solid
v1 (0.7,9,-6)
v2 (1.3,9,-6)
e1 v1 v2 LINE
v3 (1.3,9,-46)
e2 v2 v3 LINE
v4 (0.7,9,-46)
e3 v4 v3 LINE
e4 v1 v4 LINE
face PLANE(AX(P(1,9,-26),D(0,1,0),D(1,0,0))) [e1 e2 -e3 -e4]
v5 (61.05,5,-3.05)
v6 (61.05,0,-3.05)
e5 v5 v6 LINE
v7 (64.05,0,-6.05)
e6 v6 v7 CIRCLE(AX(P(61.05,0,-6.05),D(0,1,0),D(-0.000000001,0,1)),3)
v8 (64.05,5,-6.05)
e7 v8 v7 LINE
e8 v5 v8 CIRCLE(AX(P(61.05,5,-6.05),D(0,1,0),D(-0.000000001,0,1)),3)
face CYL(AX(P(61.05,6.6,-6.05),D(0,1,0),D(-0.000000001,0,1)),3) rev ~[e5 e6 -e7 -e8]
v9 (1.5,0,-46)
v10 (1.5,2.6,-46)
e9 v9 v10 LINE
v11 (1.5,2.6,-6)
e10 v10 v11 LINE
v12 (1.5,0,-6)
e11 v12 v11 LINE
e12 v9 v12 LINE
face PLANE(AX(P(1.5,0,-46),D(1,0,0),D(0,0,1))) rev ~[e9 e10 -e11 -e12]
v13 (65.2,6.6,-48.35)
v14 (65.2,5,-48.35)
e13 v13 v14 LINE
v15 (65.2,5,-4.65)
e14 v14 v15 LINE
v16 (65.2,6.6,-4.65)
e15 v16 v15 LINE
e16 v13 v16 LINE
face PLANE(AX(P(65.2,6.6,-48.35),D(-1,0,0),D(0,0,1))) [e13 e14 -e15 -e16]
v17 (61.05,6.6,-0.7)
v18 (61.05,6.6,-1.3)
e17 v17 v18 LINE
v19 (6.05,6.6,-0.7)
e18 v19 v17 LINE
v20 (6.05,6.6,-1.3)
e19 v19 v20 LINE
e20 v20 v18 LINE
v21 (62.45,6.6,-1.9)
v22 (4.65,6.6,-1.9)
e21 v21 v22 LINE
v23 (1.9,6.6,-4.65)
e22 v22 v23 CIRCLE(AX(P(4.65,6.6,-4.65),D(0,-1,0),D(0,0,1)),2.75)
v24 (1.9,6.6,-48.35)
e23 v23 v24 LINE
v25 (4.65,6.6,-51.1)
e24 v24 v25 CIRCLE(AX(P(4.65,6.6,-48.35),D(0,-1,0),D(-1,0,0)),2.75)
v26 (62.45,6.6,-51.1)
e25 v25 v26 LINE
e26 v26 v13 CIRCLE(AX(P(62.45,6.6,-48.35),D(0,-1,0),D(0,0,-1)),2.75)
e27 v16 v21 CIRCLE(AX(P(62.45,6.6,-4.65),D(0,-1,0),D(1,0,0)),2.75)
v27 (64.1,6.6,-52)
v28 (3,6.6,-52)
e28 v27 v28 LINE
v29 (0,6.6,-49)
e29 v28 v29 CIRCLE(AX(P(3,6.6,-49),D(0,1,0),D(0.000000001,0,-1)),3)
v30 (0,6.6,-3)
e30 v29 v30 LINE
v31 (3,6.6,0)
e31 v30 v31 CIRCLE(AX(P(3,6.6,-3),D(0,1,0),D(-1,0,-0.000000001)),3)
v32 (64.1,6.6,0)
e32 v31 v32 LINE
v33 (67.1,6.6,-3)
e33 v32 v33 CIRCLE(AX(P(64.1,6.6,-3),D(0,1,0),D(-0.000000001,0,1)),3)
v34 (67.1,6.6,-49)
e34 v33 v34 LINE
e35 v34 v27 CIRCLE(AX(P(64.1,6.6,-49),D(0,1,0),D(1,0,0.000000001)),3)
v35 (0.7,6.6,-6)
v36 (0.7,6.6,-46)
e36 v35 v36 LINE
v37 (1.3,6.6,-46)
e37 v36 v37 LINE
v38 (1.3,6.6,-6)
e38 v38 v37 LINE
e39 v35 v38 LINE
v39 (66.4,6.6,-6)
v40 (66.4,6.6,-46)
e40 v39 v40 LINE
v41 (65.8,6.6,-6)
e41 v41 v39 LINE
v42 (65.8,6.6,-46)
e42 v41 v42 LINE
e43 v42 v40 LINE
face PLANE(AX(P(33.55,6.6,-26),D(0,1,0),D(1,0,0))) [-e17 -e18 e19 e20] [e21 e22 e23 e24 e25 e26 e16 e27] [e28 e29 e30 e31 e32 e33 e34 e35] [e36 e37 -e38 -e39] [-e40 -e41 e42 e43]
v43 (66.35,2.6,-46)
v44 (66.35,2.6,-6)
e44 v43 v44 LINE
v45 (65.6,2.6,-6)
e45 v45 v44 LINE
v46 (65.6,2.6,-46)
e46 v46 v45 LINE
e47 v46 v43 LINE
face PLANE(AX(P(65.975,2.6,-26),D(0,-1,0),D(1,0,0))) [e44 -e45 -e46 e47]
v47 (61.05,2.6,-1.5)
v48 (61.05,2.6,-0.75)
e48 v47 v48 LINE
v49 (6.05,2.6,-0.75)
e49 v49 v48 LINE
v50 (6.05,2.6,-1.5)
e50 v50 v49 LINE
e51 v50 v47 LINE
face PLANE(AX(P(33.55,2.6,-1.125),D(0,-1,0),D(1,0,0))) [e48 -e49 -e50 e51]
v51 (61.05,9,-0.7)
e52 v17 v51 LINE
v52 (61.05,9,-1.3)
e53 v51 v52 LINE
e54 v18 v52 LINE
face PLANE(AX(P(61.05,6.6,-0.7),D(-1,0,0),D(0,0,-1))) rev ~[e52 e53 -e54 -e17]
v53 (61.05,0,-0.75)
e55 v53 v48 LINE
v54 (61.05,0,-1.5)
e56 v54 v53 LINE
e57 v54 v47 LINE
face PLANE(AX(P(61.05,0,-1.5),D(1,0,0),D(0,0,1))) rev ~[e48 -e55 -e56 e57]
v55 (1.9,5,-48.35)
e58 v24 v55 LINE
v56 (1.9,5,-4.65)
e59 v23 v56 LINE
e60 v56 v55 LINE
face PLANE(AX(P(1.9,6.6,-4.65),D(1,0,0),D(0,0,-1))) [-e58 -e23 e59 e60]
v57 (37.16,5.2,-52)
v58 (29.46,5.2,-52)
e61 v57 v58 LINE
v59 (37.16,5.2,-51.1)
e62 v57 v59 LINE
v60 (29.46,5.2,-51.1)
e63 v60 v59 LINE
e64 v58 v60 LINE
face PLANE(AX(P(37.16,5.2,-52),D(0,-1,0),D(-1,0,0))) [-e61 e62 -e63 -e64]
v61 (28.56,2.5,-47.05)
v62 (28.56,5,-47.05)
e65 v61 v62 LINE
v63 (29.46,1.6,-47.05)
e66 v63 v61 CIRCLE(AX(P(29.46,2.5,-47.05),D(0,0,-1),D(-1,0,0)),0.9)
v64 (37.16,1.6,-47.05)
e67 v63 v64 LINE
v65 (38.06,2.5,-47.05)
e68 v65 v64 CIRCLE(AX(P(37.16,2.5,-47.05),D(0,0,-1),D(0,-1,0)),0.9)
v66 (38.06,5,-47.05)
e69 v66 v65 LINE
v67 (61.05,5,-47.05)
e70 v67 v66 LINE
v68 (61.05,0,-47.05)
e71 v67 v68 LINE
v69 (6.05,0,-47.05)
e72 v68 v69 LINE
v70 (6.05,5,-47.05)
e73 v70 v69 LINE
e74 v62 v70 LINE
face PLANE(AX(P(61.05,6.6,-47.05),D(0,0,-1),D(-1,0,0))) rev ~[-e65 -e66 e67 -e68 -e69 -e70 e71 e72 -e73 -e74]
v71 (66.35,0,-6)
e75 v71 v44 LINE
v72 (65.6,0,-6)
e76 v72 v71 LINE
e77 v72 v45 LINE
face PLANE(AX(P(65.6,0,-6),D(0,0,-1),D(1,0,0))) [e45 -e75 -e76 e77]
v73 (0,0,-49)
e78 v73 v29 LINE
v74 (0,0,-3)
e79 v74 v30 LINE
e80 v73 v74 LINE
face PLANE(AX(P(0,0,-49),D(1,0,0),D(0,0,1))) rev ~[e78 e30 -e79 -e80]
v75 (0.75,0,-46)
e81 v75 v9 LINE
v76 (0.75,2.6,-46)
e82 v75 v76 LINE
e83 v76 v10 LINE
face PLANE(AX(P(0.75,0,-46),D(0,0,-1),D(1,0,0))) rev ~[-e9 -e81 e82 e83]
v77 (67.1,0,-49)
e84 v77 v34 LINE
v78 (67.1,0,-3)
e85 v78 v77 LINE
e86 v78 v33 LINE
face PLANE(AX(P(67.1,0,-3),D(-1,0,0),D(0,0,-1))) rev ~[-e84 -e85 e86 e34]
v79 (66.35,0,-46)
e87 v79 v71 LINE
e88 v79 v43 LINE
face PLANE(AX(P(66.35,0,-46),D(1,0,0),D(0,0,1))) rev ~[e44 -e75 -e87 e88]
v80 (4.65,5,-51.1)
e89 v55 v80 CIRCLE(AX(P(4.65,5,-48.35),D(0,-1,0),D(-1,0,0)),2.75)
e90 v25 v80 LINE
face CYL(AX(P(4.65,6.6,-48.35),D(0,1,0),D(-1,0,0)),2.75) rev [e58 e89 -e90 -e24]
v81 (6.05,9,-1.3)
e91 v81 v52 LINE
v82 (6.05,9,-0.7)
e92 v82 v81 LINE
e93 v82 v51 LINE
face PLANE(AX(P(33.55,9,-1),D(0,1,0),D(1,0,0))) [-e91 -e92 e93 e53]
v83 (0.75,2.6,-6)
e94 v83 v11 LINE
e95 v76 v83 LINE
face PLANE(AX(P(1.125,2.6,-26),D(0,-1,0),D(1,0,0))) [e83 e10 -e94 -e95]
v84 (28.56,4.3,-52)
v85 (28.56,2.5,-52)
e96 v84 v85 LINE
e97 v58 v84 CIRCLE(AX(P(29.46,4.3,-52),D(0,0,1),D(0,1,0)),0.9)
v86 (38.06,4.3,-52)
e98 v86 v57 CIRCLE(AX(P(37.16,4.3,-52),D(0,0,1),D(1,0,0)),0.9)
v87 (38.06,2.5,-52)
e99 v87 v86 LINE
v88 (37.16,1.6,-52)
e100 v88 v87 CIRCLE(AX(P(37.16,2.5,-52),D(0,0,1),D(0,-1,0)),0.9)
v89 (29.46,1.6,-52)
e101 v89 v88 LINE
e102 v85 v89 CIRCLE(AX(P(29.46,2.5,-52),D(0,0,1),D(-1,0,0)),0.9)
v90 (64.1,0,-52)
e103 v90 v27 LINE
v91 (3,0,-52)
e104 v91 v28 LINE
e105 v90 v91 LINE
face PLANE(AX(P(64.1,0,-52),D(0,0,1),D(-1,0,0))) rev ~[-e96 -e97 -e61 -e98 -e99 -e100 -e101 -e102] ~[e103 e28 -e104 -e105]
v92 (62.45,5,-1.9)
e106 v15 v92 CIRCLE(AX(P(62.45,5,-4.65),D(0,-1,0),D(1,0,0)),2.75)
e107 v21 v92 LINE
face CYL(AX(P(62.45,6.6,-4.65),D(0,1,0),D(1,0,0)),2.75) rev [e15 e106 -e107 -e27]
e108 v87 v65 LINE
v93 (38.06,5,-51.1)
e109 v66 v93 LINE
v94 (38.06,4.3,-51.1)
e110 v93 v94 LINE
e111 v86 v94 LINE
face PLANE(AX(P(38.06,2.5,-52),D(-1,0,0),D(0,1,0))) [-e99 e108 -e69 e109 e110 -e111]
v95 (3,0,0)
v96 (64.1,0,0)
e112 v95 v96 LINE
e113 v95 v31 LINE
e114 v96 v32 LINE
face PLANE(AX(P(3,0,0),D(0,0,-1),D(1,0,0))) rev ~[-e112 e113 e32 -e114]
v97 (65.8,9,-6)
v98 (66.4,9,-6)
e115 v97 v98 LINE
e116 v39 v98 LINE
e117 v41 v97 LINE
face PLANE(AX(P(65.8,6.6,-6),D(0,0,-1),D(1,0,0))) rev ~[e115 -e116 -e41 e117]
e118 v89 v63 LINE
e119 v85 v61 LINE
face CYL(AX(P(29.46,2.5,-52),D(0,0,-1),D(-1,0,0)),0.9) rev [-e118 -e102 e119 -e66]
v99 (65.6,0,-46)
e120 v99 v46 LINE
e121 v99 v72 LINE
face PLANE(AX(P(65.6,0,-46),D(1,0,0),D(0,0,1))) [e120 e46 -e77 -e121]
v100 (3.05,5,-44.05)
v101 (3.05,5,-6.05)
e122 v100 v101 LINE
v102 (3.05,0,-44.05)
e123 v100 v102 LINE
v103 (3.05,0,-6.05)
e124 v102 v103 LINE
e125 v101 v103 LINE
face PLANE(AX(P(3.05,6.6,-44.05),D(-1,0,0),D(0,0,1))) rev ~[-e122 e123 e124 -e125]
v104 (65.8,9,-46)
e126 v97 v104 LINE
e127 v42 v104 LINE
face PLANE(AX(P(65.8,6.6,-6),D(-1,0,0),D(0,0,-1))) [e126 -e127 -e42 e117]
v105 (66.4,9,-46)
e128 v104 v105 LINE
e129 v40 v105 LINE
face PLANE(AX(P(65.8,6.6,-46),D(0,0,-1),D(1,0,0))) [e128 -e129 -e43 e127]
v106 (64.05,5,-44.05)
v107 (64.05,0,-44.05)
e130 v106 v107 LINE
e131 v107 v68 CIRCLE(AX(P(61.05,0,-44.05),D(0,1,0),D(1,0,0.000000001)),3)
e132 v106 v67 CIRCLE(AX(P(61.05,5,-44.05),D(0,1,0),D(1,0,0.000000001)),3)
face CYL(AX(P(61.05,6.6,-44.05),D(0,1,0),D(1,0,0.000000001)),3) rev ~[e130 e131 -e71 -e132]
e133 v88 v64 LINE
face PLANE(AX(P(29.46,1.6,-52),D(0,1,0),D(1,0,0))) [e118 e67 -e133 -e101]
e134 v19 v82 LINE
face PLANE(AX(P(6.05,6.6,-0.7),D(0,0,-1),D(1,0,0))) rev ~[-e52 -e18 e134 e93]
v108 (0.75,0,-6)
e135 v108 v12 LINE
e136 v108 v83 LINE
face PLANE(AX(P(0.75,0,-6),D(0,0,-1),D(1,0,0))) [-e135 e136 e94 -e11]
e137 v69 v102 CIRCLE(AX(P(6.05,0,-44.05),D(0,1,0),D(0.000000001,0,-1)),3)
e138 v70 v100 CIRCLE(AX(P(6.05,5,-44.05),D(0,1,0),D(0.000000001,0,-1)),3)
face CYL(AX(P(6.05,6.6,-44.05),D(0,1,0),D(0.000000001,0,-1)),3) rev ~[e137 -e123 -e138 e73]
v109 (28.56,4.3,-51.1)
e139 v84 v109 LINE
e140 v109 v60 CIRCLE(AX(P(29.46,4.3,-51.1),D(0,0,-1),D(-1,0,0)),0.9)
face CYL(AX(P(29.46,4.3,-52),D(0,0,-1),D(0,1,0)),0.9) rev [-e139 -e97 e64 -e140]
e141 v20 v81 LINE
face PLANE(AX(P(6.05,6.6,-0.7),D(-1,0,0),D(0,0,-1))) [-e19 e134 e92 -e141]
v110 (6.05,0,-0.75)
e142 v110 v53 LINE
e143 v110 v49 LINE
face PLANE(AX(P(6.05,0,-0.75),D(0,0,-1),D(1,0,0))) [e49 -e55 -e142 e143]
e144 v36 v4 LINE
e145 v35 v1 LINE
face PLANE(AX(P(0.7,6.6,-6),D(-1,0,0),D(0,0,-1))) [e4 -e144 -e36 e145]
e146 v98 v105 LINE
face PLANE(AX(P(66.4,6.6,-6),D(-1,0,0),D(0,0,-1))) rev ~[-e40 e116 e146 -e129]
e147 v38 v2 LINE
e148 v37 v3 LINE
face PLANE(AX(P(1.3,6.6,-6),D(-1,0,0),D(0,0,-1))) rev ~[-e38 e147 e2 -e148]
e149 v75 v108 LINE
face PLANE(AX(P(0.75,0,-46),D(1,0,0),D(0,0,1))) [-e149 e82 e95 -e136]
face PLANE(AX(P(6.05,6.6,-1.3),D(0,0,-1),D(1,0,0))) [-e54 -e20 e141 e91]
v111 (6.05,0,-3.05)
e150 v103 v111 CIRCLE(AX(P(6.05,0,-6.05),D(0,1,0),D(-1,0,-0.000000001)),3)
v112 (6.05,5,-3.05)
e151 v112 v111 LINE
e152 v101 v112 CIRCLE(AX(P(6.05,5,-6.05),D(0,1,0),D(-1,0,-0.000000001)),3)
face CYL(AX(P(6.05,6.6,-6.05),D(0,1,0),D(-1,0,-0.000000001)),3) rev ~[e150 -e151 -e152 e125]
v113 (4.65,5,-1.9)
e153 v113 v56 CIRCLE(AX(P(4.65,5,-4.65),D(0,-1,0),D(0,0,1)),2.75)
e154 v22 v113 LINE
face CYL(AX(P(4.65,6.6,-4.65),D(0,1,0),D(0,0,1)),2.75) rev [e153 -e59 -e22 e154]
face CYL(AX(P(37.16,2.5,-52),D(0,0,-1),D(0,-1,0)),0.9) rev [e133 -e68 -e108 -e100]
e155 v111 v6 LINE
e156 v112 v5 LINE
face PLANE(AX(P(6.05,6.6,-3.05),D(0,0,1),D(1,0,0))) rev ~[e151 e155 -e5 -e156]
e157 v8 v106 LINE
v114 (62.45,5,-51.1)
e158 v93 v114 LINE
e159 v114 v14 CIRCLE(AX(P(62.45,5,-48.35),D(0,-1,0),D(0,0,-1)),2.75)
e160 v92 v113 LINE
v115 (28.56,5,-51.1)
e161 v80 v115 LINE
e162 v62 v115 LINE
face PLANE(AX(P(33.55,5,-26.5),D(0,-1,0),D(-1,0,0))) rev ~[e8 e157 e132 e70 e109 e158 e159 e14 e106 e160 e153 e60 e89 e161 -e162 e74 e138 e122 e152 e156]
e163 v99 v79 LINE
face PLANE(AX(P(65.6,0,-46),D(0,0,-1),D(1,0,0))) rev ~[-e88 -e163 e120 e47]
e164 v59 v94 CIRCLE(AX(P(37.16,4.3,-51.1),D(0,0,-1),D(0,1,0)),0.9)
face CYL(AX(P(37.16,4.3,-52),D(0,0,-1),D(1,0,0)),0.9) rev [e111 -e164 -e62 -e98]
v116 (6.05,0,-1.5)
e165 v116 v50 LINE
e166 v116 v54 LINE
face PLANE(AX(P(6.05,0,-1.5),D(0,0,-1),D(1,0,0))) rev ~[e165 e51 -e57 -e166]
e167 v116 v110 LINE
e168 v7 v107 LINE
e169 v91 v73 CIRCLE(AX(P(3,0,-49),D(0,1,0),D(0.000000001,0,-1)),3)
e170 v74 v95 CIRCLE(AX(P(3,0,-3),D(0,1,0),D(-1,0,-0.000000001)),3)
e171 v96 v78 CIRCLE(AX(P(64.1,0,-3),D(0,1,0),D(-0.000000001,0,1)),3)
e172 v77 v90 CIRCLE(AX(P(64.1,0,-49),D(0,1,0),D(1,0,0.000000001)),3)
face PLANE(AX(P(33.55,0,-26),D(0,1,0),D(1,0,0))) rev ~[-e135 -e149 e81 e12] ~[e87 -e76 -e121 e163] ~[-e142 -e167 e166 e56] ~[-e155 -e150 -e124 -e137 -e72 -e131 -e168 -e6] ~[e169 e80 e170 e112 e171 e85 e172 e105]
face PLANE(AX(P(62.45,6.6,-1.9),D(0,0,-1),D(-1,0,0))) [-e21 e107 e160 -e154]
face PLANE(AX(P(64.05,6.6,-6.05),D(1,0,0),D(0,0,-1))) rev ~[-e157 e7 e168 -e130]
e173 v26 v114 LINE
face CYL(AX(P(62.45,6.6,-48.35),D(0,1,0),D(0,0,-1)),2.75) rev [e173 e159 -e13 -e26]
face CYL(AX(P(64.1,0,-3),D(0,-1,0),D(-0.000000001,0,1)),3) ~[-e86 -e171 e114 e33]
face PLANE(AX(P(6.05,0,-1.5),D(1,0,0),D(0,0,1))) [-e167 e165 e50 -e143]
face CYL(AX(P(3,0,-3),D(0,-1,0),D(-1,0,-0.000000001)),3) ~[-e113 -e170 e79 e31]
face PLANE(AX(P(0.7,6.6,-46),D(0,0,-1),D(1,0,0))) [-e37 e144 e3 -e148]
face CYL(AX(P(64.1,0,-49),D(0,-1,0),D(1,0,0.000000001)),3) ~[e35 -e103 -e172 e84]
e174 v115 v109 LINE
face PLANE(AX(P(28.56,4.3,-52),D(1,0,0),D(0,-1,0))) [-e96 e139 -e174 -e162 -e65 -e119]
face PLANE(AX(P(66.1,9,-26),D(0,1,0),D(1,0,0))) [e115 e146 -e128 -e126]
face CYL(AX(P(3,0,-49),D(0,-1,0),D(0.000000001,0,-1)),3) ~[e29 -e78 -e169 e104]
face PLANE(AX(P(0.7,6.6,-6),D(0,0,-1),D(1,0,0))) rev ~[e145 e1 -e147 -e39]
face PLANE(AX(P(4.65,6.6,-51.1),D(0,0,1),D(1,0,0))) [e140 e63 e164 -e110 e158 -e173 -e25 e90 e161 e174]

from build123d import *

# Parameters (mm, degrees)
BOSS_EXTRUDE1_DEPTH = 6.6
CUT_EXTRUDE1_DEPTH  = 6.6
CUT_EXTRUDE2_DEPTH  = 1.6
CUT_EXTRUDE3_DEPTH  = 11.6
SKETCH5_W           = 9.5
SKETCH5_H           = 4.05
CUT_EXTRUDE4_DEPTH  = 2
SKETCH6_W           = 0.75
SKETCH6_H           = 40
SKETCH6_W_2         = 55
SKETCH6_H_2         = 0.75
CUT_EXTRUDE5_DEPTH  = 2.6
SKETCH7_W           = 0.6
SKETCH7_H           = 40
SKETCH7_W_2         = 55
SKETCH7_H_2         = 0.6
BOSS_EXTRUDE2_DEPTH = 2.4


with BuildPart() as part:
    # Sketch1 → Boss-Extrude1 (new body)
    with BuildSketch(Plane(origin=(0, 0, 0), x_dir=(1, 0, 0), z_dir=(0, 1, 0))):
        with BuildLine():
            Line((3, 0), (64.1, 0))
            ThreePointArc((64.1, 0), (66.221320344, 0.878679656), (67.1, 3))
            Line((67.1, 3), (67.1, 49))
            ThreePointArc((67.1, 49), (66.221320344, 51.121320344), (64.1, 52))
            Line((64.1, 52), (3, 52))
            ThreePointArc((3, 52), (0.878679656, 51.121320344), (0, 49))
            Line((0, 49), (0, 3))
            ThreePointArc((0, 3), (0.878679656, 0.878679656), (3, 0))
        make_face()
    extrude(amount=BOSS_EXTRUDE1_DEPTH)

    # Sketch2 → Cut-Extrude1 (cut)
    with BuildSketch(Plane(origin=(0, 6.6, 0), x_dir=(1, 0, 0), z_dir=(0, 1, 0))):
        with BuildLine():
            Line((6.05, 3.05), (61.05, 3.05))
            ThreePointArc((61.05, 3.05), (63.171320344, 3.928679656), (64.05, 6.05))
            Line((64.05, 6.05), (64.05, 44.05))
            ThreePointArc((64.05, 44.05), (63.171320344, 46.171320344), (61.05, 47.05))
            Line((61.05, 47.05), (6.05, 47.05))
            ThreePointArc((6.05, 47.05), (3.928679656, 46.171320344), (3.05, 44.05))
            Line((3.05, 44.05), (3.05, 6.05))
            ThreePointArc((3.05, 6.05), (3.928679656, 3.928679656), (6.05, 3.05))
        make_face()
    extrude(amount=-CUT_EXTRUDE1_DEPTH, mode=Mode.SUBTRACT)

    # Sketch3 → Cut-Extrude2 (cut)
    with BuildSketch(Plane(origin=(0, 6.6, 0), x_dir=(1, 0, 0), z_dir=(0, 1, 0))):
        with BuildLine():
            Line((4.65, 51.1), (62.45, 51.1))
            ThreePointArc((62.45, 51.1), (64.394543648, 50.294543648), (65.2, 48.35))
            Line((65.2, 48.35), (65.2, 4.65))
            ThreePointArc((65.2, 4.65), (64.394543648, 2.705456352), (62.45, 1.9))
            Line((62.45, 1.9), (4.65, 1.9))
            ThreePointArc((4.65, 1.9), (2.705456352, 2.705456352), (1.9, 4.65))
            Line((1.9, 4.65), (1.9, 48.35))
            ThreePointArc((1.9, 48.35), (2.705456352, 50.294543648), (4.65, 51.1))
        make_face()
    extrude(amount=-CUT_EXTRUDE2_DEPTH, mode=Mode.SUBTRACT)

    # Sketch4 → Cut-Extrude3 (cut)
    with BuildSketch(Plane(origin=(0, 0, -52), x_dir=(-1, 0, 0), z_dir=(0, 0, -1))):
        with BuildLine():
            Line((-37.16, 5.2), (-29.46, 5.2))
            ThreePointArc((-29.46, 5.2), (-28.823603897, 4.936396103), (-28.56, 4.3))
            Line((-28.56, 4.3), (-28.56, 2.5))
            ThreePointArc((-28.56, 2.5), (-28.823603897, 1.863603897), (-29.46, 1.6))
            Line((-29.46, 1.6), (-37.16, 1.6))
            ThreePointArc((-37.16, 1.6), (-37.796396103, 1.863603897), (-38.06, 2.5))
            Line((-38.06, 2.5), (-38.06, 4.3))
            ThreePointArc((-38.06, 4.3), (-37.796396103, 4.936396103), (-37.16, 5.2))
        make_face()
    extrude(amount=-CUT_EXTRUDE3_DEPTH, mode=Mode.SUBTRACT)

    # Sketch5 → Cut-Extrude4 (cut)
    with BuildSketch(Plane(origin=(0, 5, 0), x_dir=(1, 0, 0), z_dir=(0, 1, 0))):
        with Locations((33.31, 49.075)):
            Rectangle(SKETCH5_W, SKETCH5_H)
    extrude(amount=-CUT_EXTRUDE4_DEPTH, mode=Mode.SUBTRACT)

    # Sketch6 → Cut-Extrude5 (cut)
    with BuildSketch(Plane.XZ):
        with Locations((65.975, -26)):
            Rectangle(SKETCH6_W, SKETCH6_H)
        with Locations((1.125, -26)):
            Rectangle(SKETCH6_W, SKETCH6_H)
        with Locations((33.55, -1.125)):
            Rectangle(SKETCH6_W_2, SKETCH6_H_2)
    extrude(amount=-CUT_EXTRUDE5_DEPTH, mode=Mode.SUBTRACT)

    # Sketch7 → Boss-Extrude2 (add)
    with BuildSketch(Plane(origin=(0, 6.6, 0), x_dir=(1, 0, 0), z_dir=(0, 1, 0))):
        with Locations((1, 26)):
            Rectangle(SKETCH7_W, SKETCH7_H)
        with Locations((33.55, 1)):
            Rectangle(SKETCH7_W_2, SKETCH7_H_2)
        with Locations((66.1, 26)):
            Rectangle(SKETCH7_W, SKETCH7_H)
    extrude(amount=BOSS_EXTRUDE2_DEPTH)


solid = part.part
